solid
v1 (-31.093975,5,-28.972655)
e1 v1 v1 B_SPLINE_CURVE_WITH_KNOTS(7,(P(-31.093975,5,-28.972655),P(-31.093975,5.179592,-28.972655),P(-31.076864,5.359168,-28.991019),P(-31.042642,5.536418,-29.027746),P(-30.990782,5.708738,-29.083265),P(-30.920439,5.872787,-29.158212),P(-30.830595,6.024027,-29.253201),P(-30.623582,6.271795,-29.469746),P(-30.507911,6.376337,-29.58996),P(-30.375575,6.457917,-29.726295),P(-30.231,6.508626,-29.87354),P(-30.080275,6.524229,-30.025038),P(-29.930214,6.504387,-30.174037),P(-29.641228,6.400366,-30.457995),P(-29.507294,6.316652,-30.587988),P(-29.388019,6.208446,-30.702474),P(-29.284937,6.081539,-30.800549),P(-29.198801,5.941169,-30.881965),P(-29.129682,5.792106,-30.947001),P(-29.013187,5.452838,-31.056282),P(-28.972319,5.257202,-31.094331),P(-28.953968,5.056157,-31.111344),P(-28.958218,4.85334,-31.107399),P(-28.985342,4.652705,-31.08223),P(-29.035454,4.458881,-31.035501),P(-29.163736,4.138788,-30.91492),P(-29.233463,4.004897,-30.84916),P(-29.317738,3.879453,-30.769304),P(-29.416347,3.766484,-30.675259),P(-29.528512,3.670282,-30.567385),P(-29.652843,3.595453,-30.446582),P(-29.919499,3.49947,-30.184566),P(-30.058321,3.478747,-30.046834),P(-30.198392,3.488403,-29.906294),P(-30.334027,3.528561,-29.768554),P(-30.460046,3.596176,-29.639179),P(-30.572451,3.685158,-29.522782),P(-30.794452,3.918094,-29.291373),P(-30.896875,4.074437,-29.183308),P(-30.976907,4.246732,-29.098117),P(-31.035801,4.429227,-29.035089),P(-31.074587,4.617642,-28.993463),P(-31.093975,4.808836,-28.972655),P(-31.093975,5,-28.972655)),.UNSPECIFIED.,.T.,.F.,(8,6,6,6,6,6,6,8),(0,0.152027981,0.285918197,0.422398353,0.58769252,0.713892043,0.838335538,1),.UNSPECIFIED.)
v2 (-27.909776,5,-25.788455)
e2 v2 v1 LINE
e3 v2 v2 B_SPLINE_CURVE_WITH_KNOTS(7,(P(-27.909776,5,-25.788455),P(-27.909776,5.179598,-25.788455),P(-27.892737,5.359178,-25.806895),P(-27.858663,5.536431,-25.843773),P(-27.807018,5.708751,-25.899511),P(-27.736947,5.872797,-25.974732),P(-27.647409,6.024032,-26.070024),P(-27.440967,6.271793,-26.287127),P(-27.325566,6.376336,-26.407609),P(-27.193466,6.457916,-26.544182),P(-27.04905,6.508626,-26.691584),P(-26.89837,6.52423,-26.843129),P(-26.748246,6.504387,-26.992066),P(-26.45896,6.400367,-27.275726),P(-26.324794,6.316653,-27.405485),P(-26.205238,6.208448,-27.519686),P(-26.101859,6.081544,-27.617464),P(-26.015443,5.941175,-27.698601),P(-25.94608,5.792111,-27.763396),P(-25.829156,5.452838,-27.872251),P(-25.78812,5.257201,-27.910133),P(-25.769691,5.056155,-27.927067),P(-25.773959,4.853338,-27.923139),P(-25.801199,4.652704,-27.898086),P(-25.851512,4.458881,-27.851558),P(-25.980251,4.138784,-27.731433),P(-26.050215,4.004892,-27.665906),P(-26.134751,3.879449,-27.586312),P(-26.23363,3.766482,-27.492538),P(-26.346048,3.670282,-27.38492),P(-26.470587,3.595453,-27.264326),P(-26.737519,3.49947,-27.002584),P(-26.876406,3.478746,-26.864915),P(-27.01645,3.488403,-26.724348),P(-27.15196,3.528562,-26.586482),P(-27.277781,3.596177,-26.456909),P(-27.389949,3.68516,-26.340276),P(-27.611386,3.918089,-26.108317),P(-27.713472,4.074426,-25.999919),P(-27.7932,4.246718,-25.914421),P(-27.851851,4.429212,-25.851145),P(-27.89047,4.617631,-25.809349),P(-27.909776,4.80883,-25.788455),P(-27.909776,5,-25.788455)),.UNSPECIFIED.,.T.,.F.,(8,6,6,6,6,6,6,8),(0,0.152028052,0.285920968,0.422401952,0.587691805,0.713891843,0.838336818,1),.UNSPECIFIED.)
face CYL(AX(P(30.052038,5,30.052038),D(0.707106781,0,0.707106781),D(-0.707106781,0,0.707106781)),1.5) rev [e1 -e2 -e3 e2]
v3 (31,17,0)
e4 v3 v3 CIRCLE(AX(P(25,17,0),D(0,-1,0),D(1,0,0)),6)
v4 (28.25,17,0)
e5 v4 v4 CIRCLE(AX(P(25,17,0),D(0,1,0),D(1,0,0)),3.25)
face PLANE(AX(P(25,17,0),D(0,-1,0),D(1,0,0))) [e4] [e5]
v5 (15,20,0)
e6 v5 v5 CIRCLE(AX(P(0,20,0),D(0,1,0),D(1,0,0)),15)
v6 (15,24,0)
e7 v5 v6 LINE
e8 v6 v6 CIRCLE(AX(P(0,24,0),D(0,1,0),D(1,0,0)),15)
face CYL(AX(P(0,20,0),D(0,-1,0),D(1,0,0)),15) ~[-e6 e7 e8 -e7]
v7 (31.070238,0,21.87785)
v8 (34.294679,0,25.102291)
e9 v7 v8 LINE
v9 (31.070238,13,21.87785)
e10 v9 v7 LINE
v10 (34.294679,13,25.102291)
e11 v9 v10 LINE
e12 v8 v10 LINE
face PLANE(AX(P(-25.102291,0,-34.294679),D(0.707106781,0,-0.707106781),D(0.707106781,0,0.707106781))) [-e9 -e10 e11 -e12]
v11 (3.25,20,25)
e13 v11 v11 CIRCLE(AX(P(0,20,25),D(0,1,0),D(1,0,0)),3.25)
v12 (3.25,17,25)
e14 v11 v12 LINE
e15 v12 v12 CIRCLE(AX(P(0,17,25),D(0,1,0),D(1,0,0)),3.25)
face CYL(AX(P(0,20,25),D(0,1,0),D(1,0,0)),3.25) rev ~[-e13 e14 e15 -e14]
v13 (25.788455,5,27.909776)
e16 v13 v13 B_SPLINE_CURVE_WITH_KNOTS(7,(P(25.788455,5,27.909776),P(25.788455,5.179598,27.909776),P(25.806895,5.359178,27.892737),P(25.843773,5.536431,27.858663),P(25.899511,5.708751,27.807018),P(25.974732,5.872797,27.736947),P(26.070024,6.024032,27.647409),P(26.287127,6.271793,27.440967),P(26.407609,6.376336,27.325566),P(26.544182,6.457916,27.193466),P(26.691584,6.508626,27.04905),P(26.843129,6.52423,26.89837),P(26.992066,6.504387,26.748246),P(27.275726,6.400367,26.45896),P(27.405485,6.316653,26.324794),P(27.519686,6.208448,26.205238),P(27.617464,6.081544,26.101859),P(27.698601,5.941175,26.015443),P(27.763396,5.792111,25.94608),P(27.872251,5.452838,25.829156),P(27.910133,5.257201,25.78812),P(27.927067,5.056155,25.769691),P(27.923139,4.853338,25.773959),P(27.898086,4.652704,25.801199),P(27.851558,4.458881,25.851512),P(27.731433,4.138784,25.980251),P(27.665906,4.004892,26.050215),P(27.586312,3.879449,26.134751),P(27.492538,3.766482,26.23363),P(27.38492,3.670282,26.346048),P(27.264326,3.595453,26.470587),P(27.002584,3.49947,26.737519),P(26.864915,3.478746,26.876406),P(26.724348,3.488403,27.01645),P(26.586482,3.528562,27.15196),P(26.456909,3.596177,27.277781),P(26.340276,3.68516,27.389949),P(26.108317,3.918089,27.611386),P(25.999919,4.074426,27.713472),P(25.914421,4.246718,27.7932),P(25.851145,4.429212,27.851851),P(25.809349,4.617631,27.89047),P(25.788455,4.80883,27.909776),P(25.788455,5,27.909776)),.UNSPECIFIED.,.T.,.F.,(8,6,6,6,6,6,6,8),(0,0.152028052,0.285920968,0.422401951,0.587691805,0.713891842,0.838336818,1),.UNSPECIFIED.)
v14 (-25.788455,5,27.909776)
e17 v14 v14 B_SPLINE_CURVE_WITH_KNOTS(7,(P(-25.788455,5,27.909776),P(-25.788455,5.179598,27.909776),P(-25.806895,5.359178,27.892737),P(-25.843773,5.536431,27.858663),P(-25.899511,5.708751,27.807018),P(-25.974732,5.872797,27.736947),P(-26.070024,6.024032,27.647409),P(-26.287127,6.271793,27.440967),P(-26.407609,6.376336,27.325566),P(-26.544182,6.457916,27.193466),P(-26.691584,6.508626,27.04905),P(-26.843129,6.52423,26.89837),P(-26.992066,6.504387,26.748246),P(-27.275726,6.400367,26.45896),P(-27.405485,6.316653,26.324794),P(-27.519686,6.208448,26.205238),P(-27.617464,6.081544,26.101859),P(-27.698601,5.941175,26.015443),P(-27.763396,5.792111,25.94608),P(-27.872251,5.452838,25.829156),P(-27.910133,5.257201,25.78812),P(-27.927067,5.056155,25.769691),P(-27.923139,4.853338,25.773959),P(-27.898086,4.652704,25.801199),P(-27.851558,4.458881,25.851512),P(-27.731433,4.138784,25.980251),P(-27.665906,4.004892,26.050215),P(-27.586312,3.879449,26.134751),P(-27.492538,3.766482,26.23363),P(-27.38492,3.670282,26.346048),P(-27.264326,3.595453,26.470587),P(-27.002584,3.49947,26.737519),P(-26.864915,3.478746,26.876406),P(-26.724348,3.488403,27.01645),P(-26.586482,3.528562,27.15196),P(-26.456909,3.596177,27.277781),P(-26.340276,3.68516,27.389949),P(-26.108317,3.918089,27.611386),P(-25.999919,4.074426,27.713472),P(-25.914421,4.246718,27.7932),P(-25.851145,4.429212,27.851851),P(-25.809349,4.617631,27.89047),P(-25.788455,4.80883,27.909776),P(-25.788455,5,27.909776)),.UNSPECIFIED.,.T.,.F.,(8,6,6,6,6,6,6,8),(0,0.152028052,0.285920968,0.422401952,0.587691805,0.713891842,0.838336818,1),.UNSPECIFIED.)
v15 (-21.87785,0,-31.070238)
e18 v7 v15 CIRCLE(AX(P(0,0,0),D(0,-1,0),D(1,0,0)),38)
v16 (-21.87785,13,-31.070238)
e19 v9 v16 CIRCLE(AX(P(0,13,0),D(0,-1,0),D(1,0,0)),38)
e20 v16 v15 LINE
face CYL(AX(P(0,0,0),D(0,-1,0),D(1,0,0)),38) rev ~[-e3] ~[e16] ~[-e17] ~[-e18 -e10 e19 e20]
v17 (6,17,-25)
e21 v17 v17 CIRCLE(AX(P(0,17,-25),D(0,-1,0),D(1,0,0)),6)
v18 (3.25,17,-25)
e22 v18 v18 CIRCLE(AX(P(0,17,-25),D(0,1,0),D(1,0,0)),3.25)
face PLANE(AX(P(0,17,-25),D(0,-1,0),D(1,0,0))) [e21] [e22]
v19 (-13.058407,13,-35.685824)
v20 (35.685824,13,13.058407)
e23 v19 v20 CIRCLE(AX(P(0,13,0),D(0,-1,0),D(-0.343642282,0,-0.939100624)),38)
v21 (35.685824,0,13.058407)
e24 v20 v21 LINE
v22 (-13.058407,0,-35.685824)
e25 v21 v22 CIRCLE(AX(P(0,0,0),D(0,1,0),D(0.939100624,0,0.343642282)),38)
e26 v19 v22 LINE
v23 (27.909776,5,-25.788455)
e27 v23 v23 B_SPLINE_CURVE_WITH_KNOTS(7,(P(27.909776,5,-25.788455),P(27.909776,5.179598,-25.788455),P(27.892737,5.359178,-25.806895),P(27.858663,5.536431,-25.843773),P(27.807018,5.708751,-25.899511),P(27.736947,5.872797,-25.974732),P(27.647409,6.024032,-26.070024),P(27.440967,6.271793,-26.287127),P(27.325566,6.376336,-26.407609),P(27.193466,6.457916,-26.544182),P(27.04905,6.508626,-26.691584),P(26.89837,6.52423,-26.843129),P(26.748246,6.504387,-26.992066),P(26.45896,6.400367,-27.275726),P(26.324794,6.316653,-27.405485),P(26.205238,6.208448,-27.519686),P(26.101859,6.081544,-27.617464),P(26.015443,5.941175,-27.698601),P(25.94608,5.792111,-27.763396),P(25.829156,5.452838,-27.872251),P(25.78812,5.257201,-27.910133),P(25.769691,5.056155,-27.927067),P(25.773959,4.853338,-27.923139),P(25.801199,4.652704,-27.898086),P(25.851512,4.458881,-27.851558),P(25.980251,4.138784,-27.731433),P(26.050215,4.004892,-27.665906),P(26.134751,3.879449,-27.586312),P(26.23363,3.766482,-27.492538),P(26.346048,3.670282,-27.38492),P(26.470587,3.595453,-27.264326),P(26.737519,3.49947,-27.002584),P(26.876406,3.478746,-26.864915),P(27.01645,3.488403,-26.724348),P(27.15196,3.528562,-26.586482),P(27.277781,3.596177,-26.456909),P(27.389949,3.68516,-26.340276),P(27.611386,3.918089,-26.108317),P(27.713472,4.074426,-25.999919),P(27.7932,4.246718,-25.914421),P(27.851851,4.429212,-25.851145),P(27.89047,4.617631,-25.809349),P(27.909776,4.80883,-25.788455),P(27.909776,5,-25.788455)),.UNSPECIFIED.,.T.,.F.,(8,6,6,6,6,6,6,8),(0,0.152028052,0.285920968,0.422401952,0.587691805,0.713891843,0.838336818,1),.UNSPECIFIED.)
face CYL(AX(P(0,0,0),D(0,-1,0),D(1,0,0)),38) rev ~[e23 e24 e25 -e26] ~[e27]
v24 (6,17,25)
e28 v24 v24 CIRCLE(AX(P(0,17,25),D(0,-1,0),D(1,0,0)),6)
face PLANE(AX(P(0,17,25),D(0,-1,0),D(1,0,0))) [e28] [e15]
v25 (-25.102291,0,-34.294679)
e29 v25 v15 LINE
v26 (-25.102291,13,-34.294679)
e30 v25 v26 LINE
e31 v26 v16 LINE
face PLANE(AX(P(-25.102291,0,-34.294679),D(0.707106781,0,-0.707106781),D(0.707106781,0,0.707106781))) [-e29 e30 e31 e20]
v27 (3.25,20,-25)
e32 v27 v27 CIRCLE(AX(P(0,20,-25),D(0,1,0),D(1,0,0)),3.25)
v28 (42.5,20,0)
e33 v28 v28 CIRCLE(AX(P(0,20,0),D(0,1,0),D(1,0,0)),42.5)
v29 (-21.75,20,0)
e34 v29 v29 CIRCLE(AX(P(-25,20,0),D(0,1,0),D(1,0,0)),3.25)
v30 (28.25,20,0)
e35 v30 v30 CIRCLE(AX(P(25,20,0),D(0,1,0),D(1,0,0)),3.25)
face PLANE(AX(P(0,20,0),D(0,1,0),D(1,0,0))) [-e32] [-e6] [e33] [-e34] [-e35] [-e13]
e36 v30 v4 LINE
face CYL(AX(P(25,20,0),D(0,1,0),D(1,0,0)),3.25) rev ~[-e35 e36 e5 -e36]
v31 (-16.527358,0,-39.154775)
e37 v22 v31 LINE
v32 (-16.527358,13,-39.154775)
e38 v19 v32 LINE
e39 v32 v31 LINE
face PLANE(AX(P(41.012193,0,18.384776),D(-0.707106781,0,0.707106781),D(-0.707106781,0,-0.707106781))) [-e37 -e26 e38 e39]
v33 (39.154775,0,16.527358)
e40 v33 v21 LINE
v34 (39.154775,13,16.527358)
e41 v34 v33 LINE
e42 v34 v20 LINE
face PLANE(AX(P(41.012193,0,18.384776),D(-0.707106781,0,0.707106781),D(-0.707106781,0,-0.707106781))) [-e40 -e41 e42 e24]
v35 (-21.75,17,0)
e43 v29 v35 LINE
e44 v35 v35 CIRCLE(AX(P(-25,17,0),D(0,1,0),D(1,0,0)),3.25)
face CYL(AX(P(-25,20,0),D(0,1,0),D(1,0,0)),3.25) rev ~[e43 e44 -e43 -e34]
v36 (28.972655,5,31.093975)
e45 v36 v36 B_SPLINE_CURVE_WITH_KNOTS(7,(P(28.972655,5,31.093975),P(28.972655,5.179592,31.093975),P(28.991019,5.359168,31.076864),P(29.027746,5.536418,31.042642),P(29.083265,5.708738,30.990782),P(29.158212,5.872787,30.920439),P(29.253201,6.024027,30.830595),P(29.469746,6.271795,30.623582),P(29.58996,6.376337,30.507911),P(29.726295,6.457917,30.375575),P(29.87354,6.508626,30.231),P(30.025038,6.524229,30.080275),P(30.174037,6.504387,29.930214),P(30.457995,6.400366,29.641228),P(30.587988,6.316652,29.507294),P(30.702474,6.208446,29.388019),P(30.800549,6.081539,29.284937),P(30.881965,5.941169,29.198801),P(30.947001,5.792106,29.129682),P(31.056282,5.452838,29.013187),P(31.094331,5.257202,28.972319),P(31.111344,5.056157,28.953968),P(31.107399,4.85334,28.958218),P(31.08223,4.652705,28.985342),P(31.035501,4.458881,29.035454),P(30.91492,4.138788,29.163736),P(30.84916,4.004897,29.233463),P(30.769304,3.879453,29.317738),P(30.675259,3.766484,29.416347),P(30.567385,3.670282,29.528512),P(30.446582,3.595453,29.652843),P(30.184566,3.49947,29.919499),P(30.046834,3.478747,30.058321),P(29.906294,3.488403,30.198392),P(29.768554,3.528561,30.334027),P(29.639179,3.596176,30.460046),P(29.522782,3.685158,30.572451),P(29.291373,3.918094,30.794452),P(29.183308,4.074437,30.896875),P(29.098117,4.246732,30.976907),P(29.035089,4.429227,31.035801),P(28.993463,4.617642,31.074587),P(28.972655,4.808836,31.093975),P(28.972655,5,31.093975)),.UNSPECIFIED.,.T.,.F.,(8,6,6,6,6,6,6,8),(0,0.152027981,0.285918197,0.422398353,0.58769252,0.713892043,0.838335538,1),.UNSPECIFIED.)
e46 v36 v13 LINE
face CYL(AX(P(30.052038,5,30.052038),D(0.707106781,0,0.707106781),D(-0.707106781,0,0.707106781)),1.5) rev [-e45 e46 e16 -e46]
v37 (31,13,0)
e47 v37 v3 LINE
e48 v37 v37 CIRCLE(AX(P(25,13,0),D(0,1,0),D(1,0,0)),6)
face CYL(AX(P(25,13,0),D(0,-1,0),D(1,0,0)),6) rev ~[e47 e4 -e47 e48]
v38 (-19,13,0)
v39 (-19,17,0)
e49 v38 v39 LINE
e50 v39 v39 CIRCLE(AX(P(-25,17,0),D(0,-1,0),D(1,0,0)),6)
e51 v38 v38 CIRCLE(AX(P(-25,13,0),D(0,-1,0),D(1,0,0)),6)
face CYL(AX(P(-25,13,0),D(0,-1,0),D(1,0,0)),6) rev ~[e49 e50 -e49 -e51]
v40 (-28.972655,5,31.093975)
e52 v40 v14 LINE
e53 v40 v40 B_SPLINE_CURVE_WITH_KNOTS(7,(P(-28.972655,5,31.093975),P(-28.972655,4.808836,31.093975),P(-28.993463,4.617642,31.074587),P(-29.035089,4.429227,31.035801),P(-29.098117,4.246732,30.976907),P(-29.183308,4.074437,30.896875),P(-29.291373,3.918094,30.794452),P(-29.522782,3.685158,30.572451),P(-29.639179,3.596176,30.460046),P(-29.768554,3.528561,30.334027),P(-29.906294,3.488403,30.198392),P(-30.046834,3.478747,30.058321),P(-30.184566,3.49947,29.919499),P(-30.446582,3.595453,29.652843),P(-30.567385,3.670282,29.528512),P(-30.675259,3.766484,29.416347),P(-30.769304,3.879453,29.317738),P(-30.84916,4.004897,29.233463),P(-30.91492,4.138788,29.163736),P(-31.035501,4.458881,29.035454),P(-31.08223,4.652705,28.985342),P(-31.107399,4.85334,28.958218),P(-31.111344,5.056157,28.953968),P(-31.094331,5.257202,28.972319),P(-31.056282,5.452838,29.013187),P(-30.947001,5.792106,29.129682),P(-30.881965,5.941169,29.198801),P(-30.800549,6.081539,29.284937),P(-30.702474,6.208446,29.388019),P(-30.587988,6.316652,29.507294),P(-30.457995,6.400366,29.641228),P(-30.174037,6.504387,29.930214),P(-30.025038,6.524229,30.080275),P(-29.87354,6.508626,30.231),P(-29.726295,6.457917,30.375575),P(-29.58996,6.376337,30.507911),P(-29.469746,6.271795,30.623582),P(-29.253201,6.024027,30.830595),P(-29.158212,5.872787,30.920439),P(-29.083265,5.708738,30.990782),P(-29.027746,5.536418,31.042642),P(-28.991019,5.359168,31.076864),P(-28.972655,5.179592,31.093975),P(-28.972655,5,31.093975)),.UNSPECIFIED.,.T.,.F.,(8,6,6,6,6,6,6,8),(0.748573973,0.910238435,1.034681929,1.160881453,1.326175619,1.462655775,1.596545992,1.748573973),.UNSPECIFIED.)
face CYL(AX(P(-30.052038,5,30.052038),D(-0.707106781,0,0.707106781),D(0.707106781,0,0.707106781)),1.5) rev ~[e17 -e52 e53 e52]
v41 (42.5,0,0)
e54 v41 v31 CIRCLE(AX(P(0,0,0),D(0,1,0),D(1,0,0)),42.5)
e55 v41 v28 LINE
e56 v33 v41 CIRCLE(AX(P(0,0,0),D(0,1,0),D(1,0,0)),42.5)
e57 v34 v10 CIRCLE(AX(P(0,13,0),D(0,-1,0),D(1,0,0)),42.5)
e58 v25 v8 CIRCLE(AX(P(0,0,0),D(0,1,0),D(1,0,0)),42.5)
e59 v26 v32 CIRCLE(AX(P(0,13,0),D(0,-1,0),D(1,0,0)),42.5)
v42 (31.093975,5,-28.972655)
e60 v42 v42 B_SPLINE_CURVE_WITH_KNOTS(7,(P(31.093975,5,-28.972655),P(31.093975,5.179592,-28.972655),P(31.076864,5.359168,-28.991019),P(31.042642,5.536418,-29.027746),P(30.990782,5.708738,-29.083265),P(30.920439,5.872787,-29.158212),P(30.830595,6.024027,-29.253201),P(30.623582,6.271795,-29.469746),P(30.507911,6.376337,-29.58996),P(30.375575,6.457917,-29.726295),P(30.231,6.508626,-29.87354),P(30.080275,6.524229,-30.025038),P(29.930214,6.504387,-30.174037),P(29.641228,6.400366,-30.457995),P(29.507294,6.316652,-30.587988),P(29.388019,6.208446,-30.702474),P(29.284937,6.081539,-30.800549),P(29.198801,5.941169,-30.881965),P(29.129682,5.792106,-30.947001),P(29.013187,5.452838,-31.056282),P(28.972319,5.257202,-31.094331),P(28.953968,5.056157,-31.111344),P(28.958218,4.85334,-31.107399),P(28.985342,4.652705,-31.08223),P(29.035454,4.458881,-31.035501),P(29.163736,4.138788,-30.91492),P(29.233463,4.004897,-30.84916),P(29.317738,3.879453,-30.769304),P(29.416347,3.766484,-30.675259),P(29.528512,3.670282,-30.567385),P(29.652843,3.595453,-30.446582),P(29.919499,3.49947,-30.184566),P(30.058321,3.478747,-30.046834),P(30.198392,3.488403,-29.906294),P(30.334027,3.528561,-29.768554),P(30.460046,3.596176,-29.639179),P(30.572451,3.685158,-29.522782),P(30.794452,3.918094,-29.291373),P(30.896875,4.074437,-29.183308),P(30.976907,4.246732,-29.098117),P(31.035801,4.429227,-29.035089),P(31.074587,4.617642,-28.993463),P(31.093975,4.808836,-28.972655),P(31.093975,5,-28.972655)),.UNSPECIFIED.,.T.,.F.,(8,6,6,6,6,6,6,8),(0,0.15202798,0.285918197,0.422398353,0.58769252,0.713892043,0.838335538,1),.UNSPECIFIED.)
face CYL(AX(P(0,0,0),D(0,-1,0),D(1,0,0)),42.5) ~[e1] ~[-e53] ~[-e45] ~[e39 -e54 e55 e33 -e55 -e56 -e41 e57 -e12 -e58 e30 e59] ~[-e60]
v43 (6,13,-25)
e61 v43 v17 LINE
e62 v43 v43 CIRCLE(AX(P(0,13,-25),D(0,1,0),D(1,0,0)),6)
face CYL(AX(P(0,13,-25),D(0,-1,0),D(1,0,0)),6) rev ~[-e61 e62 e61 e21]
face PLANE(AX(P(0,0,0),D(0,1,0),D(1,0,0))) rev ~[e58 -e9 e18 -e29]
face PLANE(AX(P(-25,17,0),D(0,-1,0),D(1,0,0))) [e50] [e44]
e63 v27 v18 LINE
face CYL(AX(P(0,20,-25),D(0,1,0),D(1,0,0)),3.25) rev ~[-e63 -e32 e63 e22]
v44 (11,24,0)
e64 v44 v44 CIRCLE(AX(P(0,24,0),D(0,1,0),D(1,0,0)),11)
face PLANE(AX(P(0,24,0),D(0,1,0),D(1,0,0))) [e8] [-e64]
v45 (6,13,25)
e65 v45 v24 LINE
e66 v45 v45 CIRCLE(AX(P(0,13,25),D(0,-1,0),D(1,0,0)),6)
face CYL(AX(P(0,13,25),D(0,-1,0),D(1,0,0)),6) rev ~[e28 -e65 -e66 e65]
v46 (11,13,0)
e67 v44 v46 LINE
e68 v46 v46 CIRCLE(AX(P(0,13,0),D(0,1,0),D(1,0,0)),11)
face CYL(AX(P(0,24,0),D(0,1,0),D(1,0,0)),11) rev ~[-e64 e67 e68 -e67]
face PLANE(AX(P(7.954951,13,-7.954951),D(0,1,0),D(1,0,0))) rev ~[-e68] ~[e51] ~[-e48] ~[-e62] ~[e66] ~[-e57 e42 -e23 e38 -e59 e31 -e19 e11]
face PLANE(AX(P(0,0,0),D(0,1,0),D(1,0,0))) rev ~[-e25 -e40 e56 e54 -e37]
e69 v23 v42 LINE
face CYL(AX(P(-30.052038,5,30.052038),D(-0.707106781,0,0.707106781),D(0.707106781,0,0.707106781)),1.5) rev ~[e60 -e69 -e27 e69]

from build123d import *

# Parameters (mm, degrees)
SKETCH_1_R          = 42.5
EXTRUDE_1_DEPTH     = 20
SKETCH_2_R          = 15
EXTRUDE_2_DEPTH     = 4
SKETCH_3_R          = 38
CUT_EXTRUDE_1_DEPTH = 13
SKETCH_4_R          = 11
CUT_EXTRUDE_2_DEPTH = 20
SKETCH_5_R          = 3.25
CUT_EXTRUDE_3_DEPTH = 20
SKETCH_6_R          = 6
CUT_EXTRUDE_4_DEPTH = 4
SKETCH_8_R          = 1.5
CUT_EXTRUDE_5_DEPTH = 100
SKETCH_9_R          = 1.5
CUT_EXTRUDE_6_DEPTH = 100
CUT_EXTRUDE_7_DEPTH = 13


with BuildPart() as part:
    # ｽｹｯﾁ1 → ﾎﾞｽ - 押し出し1 (new body)
    with BuildSketch(Plane(origin=(0, 0, 0), x_dir=(1, 0, 0), z_dir=(0, 1, 0))):
        Circle(SKETCH_1_R)
    extrude(amount=EXTRUDE_1_DEPTH)

    # ｽｹｯﾁ2 → ﾎﾞｽ - 押し出し2 (add)
    with BuildSketch(Plane(origin=(0, 20, 0), x_dir=(1, 0, 0), z_dir=(0, 1, 0))):
        Circle(SKETCH_2_R)
    extrude(amount=EXTRUDE_2_DEPTH)

    # ｽｹｯﾁ3 → ｶｯﾄ - 押し出し1 (cut)
    with BuildSketch(Plane.XZ):
        Circle(SKETCH_3_R)
    extrude(amount=-CUT_EXTRUDE_1_DEPTH, mode=Mode.SUBTRACT)

    # ｽｹｯﾁ4 → ｶｯﾄ - 押し出し2 (cut)
    with BuildSketch(Plane(origin=(0, 24, 0), x_dir=(1, 0, 0), z_dir=(0, 1, 0))):
        Circle(SKETCH_4_R)
    extrude(amount=-CUT_EXTRUDE_2_DEPTH, mode=Mode.SUBTRACT)

    # ｽｹｯﾁ5 → ｶｯﾄ - 押し出し3 (cut)
    with BuildSketch(Plane(origin=(0, 20, 0), x_dir=(1, 0, 0), z_dir=(0, 1, 0))):
        with Locations((25, 0)):
            Circle(SKETCH_5_R)
        with Locations((0, -25)):
            Circle(SKETCH_5_R)
        with Locations((-25, 0)):
            Circle(SKETCH_5_R)
        with Locations((0, 25)):
            Circle(SKETCH_5_R)
    extrude(amount=-CUT_EXTRUDE_3_DEPTH, mode=Mode.SUBTRACT)

    # ｽｹｯﾁ6 → ｶｯﾄ - 押し出し4 (cut)
    with BuildSketch(Plane.XZ.offset(-13)):
        with Locations((25, 0)):
            Circle(SKETCH_6_R)
        with Locations((0, -25)):
            Circle(SKETCH_6_R)
        with Locations((-25, 0)):
            Circle(SKETCH_6_R)
        with Locations((0, 25)):
            Circle(SKETCH_6_R)
    extrude(amount=-CUT_EXTRUDE_4_DEPTH, mode=Mode.SUBTRACT)

    # ｽｹｯﾁ8 → ｶｯﾄ - 押し出し5 (cut)
    with BuildSketch(Plane(origin=(30.0520382, 0, 30.0520382), x_dir=(-0.707106781, 0, 0.707106781), z_dir=(-0.707106781, 0, -0.707106781))):
        with Locations((0, 5)):
            Circle(SKETCH_8_R)
    extrude(amount=CUT_EXTRUDE_5_DEPTH, mode=Mode.SUBTRACT)

    # ｽｹｯﾁ9 → ｶｯﾄ - 押し出し6 (cut)
    with BuildSketch(Plane(origin=(-30.0520382, 0, 30.0520382), x_dir=(0.707106781, 0, 0.707106781), z_dir=(-0.707106781, 0, 0.707106781))):
        with Locations((0, 5)):
            Circle(SKETCH_9_R)
    extrude(amount=-CUT_EXTRUDE_6_DEPTH, mode=Mode.SUBTRACT)

    # ｽｹｯﾁ10 → ｶｯﾄ - 押し出し7 (cut)
    with BuildSketch(Plane(origin=(0, 0, 0), x_dir=(-1, 0, 0), z_dir=(0, -1, 0))):
        Polygon((25.102290732, 34.294678888), (-34.294678888, -25.102290732), (-41.012193309, -18.384776311), (18.384776311, 41.012193309), align=None)
    extrude(amount=-CUT_EXTRUDE_7_DEPTH, mode=Mode.SUBTRACT)


solid = part.part
